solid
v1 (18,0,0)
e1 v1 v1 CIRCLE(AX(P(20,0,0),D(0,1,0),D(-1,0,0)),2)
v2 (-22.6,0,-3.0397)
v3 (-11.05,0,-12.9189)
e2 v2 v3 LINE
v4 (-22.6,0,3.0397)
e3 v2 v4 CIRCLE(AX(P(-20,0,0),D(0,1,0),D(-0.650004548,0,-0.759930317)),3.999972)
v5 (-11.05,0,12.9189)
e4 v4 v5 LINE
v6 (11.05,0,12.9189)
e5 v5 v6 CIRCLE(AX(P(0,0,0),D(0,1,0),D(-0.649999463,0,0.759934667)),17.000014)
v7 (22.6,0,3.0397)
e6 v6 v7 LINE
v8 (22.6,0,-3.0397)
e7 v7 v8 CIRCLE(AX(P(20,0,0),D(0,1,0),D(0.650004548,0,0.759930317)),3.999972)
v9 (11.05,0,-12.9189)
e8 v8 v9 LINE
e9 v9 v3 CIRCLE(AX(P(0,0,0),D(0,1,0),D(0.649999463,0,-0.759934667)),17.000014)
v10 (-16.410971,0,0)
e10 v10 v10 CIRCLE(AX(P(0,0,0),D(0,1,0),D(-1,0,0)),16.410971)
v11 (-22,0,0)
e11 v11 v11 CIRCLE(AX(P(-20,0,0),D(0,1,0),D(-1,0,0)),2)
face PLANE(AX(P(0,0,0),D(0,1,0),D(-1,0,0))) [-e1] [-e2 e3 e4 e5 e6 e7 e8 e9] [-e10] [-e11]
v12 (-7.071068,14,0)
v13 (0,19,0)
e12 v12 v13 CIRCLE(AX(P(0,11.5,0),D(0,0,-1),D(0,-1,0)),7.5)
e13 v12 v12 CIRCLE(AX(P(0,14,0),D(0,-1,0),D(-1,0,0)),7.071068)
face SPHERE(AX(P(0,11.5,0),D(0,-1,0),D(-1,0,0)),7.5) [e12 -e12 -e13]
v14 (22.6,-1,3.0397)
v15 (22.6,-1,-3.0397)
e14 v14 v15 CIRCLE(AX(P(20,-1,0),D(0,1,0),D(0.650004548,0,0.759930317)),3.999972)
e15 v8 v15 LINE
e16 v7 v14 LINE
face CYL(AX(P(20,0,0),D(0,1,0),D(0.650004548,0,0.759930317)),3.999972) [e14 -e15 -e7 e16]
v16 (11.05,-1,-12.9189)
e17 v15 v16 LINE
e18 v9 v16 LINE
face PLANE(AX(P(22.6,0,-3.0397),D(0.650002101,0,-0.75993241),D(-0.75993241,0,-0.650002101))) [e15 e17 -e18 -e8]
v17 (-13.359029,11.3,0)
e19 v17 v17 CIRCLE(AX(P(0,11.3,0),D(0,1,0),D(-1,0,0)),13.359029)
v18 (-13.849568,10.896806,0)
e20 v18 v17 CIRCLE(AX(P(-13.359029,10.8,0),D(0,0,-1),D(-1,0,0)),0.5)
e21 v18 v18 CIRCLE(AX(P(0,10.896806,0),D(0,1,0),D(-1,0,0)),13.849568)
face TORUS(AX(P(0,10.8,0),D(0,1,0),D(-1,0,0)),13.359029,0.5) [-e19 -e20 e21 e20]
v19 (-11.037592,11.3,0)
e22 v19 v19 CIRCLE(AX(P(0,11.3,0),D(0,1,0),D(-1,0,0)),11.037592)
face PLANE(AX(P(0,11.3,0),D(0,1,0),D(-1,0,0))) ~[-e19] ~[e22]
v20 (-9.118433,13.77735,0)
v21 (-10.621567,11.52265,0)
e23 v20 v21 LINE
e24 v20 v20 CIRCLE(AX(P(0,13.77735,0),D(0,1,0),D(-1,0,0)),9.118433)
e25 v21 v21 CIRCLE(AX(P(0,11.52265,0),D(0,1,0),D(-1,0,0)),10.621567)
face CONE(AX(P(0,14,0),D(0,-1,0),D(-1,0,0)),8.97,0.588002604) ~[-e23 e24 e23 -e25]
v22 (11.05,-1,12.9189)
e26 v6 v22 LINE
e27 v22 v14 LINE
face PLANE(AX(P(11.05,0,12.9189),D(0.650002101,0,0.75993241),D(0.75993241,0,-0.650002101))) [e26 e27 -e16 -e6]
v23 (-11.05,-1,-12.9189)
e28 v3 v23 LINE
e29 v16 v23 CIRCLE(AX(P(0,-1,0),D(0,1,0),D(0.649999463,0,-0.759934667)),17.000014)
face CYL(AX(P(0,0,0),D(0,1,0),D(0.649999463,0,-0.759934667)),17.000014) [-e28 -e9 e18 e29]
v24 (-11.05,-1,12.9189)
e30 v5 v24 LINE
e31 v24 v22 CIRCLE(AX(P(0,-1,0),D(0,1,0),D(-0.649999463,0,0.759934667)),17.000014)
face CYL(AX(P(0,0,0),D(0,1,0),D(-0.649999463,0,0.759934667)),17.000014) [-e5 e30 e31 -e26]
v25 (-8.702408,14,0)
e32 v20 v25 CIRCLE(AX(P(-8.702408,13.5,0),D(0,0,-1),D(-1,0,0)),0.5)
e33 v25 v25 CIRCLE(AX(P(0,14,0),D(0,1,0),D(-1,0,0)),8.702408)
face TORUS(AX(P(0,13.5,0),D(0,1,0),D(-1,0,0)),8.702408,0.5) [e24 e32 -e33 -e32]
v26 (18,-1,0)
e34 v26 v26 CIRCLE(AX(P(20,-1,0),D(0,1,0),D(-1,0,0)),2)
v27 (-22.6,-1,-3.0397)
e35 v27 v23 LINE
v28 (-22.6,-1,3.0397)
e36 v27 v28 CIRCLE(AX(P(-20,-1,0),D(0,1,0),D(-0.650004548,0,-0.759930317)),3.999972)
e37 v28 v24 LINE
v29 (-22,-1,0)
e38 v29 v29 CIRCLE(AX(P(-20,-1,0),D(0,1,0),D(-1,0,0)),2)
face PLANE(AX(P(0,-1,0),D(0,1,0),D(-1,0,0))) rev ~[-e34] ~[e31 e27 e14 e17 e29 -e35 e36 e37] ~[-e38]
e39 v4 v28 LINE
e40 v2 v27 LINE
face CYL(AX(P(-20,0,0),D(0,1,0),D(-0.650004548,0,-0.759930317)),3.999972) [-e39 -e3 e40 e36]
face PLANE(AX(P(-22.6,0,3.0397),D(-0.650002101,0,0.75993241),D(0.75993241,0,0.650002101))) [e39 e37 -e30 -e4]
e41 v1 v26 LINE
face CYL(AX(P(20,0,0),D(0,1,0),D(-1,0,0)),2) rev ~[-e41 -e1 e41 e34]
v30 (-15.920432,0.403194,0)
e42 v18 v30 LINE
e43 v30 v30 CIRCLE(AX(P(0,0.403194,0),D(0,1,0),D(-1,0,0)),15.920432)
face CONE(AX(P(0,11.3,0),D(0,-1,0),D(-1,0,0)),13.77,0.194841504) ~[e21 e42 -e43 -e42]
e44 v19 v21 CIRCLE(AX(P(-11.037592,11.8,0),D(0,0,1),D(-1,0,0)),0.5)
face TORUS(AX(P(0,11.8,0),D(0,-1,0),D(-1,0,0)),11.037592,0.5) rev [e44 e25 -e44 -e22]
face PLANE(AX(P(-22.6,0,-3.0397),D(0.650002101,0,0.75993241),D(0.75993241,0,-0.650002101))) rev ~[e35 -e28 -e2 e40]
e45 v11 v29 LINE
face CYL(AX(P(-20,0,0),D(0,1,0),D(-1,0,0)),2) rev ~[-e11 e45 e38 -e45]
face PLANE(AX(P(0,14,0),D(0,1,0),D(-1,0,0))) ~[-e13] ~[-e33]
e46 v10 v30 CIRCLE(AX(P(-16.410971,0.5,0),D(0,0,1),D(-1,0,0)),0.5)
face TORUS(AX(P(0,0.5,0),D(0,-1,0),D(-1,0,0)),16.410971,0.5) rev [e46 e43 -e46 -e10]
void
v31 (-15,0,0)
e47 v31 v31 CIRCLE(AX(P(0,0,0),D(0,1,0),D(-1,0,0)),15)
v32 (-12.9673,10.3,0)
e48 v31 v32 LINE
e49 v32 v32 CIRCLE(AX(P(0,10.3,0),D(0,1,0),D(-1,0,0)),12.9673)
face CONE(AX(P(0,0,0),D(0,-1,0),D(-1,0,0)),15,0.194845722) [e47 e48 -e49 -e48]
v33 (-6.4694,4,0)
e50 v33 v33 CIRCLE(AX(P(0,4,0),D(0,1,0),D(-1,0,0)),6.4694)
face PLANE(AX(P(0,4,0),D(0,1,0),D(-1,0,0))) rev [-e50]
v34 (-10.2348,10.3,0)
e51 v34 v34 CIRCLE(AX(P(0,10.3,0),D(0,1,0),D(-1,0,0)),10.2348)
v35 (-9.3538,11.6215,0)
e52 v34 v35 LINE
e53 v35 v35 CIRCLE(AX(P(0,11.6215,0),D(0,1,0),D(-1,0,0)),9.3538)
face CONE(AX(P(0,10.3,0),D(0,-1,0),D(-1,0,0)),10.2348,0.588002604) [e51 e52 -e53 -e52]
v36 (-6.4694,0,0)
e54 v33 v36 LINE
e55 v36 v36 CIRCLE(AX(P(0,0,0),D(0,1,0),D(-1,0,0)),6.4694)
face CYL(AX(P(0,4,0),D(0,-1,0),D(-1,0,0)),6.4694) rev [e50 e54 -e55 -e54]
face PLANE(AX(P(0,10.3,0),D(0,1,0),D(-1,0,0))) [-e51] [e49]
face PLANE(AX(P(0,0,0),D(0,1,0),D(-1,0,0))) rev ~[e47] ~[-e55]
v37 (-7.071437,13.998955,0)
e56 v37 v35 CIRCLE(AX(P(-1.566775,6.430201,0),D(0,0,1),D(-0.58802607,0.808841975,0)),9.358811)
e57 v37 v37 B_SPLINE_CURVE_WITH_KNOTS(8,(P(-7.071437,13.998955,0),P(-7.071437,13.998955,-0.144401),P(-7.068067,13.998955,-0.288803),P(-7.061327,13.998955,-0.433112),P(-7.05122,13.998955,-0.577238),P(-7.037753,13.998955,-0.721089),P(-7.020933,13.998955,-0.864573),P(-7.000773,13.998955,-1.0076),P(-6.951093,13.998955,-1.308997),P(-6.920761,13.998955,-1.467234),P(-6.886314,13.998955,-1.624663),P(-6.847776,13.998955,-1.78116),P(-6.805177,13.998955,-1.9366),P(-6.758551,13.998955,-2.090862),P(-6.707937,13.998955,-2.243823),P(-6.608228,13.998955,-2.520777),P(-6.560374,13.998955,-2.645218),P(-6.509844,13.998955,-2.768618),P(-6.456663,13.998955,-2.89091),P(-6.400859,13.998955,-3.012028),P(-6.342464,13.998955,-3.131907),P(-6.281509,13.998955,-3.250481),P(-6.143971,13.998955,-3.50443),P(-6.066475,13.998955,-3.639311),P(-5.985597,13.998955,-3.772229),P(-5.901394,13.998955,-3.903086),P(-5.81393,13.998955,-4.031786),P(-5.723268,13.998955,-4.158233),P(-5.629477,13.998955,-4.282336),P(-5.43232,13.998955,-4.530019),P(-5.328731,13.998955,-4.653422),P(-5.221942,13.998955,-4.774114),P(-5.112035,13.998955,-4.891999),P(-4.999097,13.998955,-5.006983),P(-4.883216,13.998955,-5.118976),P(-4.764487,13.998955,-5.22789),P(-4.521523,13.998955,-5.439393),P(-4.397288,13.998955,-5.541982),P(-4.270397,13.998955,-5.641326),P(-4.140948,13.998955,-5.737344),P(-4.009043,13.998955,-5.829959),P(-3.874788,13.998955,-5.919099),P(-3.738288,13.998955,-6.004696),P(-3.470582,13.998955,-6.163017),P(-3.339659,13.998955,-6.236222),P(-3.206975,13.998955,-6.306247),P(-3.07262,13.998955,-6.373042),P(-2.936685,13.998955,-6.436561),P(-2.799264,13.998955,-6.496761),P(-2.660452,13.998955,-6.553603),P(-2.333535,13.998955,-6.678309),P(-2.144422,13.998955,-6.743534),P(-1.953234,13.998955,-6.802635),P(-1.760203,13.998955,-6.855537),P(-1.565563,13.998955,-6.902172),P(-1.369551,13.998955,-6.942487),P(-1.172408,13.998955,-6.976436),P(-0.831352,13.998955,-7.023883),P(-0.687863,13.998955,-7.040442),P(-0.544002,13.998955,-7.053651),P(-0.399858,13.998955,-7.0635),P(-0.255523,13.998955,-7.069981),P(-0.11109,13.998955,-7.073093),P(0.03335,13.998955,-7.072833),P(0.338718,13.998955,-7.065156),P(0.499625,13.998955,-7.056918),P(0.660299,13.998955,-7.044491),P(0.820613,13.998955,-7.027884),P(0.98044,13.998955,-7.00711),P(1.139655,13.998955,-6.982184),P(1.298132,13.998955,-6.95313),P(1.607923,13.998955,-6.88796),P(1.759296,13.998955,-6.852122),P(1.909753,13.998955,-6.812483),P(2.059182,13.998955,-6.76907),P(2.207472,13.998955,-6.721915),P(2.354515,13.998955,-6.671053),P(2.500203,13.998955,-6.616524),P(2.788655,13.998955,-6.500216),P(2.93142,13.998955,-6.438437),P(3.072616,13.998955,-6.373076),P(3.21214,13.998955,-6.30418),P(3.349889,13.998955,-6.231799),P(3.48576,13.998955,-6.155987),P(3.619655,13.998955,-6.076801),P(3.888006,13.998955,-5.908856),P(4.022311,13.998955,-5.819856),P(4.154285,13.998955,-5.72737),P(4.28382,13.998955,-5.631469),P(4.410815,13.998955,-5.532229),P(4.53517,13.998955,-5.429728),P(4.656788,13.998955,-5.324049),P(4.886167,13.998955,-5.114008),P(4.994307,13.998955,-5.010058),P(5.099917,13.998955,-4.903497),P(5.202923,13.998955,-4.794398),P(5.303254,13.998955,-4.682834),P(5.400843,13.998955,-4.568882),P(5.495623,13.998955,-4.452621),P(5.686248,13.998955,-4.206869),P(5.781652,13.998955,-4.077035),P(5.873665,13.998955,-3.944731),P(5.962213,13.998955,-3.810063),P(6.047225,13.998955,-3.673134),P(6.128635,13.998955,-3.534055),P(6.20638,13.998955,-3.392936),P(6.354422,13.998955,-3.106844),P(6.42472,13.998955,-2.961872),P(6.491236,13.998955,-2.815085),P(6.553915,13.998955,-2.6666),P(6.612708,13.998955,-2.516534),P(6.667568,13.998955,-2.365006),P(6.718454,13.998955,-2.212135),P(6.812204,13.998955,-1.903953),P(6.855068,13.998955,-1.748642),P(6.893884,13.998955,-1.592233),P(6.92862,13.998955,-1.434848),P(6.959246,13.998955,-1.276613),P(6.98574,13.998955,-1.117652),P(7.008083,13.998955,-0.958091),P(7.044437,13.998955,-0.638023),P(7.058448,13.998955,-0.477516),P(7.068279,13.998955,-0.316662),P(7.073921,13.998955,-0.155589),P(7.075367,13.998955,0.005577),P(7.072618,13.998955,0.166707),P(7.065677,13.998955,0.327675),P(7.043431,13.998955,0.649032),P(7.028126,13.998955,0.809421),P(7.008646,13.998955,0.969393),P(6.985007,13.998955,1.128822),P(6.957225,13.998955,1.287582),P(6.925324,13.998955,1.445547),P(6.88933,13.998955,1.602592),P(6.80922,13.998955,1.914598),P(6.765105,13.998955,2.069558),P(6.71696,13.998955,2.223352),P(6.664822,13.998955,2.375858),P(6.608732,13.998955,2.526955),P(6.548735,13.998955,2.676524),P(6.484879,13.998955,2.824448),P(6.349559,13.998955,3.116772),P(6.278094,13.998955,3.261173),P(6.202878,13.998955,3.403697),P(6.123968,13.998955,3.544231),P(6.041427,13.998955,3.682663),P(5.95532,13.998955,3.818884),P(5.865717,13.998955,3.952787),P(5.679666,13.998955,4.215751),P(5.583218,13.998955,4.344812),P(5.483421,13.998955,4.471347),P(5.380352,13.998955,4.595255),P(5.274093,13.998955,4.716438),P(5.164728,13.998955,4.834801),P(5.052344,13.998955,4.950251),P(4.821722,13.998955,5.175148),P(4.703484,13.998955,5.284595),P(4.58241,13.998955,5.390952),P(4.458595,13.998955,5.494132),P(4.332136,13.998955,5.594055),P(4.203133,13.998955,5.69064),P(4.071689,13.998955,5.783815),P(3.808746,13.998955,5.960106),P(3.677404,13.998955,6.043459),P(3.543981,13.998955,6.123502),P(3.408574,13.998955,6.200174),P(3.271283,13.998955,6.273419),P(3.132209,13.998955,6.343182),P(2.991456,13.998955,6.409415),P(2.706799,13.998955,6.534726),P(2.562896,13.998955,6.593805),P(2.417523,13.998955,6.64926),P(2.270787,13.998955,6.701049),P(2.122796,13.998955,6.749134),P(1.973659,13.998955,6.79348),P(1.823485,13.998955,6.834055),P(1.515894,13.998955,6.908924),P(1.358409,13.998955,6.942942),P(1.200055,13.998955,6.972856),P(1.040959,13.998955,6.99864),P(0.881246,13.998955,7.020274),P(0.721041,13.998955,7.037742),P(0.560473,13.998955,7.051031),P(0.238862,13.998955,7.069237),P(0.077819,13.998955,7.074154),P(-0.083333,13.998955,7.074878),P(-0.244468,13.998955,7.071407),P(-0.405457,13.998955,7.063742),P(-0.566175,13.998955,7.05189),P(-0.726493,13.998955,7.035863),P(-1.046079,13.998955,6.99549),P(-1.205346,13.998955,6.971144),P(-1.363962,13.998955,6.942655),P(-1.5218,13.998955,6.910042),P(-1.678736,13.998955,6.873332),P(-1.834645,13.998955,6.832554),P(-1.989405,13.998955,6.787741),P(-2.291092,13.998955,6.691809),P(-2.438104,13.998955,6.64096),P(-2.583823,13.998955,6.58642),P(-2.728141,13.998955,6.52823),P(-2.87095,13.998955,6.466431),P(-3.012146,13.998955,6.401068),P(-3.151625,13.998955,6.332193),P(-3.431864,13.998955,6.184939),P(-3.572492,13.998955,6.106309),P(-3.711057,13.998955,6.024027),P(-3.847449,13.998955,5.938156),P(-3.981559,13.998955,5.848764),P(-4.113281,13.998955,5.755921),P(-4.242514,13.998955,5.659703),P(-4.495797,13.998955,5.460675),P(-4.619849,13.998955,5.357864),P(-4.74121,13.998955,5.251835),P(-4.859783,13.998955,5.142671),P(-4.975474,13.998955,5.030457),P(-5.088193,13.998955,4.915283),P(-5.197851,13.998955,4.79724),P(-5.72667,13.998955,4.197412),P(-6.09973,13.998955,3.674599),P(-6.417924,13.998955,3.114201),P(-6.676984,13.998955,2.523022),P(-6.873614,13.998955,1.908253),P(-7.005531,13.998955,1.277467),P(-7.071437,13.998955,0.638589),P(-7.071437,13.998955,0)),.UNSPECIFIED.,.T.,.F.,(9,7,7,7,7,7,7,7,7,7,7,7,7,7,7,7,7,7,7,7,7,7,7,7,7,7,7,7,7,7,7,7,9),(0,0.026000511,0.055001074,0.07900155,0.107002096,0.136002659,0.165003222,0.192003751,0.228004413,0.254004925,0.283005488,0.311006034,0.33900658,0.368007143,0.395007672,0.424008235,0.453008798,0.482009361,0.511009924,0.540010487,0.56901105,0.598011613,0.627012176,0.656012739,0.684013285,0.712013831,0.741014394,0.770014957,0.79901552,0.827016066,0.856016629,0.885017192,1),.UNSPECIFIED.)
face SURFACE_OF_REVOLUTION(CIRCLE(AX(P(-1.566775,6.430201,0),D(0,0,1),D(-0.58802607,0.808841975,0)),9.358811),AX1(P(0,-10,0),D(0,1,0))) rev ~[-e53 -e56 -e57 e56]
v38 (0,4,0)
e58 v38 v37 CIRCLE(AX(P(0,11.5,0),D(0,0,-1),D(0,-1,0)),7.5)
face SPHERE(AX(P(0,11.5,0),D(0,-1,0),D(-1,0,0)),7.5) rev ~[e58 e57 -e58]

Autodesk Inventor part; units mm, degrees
ref_plane "YZ Plane" through (0, 0, 0) normal (1, 0, 0) x (0, 1, 0)
ref_plane "XZ Plane" through (0, 0, 0) normal (0, 1, 0) x (-1, 0, 0)
ref_plane "XY Plane" through (0, 0, 0) normal (0, 0, 1) x (1, 0, 0)
sketch "Skizze2" plane through (0, 0, 0) normal (0, 0, 1) x (1, 0, 0)
  line L0 (-7.07, 14) -> (-8.97, 14)
  line L1 (-8.97, 14) -> (-10.77, 11.3)
  line L2 (-10.77, 11.3) -> (-13.77, 11.3)
  line L3 (-13.77, 11.3) -> (-16, 0)
  line L4 (-16, 0) -> (-15, 0)
  line L5 (-15, 0) -> (-12.9673, 10.3)
  line L6 (-12.9673, 10.3) -> (-10.2348, 10.3)
  line L7 (-10.2348, 10.3) -> (-9.3538, 11.6215)
  line L8 (0, -2.8203) -> (0, 16.9217) projected
  line L9 (-6.4694, 0) -> (0, 0)
  line L10 (0, 0) -> (0, 4)
  line L11 (0, 4) -> (-6.4694, 4)
  line L12 (-6.4694, 4) -> (-6.4694, 0)
  arc A0 (-7.07, 14) -> (-9.3538, 11.6215) centre (-1.5666, 6.43) ccw
  point P0 (-15.5, 0)
  point P1 (-3.2347, 0)
  dimension "d1" = 14
  dimension "d2" = 1.9
  dimension "d5" = 1.8
  dimension "d8" = 1
  dimension "d9" = 1
  dimension "d10" = 1
  dimension "d15" = 2.7
  dimension "d52" = 7.07
  dimension "d53" = 10
  dimension "d54" = 6.4694
  dimension "d58" = 9.3591
  dimension "d60" = 16
  dimension "d61" = 3
revolve "Umdrehung1" add sketch "Skizze2" angle 360 about axis through (0, -10, 0) along (0, 1, 0)
sketch "Skizze3" plane through (0, 0, 0) normal (0, 1, 0) x (-1, 0, 0)
  circle A0 centre (20, 0) radius 2
  circle A1 centre (-20, 0) radius 2
  circle A2 centre (0, 0) radius 16 construction
  arc A3 (22.6, -3.0397) -> (22.6, 3.0397) centre (20, 0) ccw
  arc A4 (-22.6, 3.0397) -> (-22.6, -3.0397) centre (-20, 0) ccw
  line L0 (22.6, -3.0397) -> (11.05, -12.9189)
  line L1 (22.6, -3.0397) -> (22.6, 13.4844) construction
  line L2 (22.6, 3.0397) -> (11.05, 12.9189)
  line L3 (-11.05, 12.9189) -> (-22.6, 3.0397)
  line L4 (-22.6, -3.0397) -> (-11.05, -12.9189)
  arc A5 (11.05, 12.9189) -> (-11.05, 12.9189) centre (0, 0) ccw
  arc A6 (-11.05, -12.9189) -> (11.05, -12.9189) centre (0, 0) ccw
  line L5 (0, -19.9813) -> (0, 17.4256) construction
  circle A7 centre (0, 0) radius 17 construction
  point P0 (0, -17)
  point P1 (0, 17)
  dimension "d32" = 36
  dimension "d33" = 40
  dimension "d34" = 20
  dimension "d36" = 4
  dimension "d37" = 8
  dimension "d38" = 8
  dimension "d39" = 4
  dimension "d42" = 1
extrude "Extrusion1" add sketch "Skizze3" against normal blind 1
sketch "Skizze4" plane through (0, 0, 0) normal (0, 0, 1) x (1, 0, 0)
  arc A0 (0, 19) -> (0, 4) centre (0, 11.5) ccw
  line L0 (7.07, 14) -> (-7.07, 14) projected
  line L1 (0, 4) -> (-20.7674, 4) construction
  line L2 (0, 19) -> (0, 4)
  point P0 (0, 0)
  point P1 (0, 11.5)
  dimension "d45" = 15
  dimension "d46" = 5
revolve "Umdrehung2" add sketch "Skizze4" angle 360 about axis through (0, 19, 0) along (0, -1, 0)
fillet "Rundung1" radius 0.5 4 edges at (8.97, 14, 0) (10.77, 11.3, 0) (13.77, 11.3, 0) (16, 0, 0)
properties part number "MetallKugellager_V1"
